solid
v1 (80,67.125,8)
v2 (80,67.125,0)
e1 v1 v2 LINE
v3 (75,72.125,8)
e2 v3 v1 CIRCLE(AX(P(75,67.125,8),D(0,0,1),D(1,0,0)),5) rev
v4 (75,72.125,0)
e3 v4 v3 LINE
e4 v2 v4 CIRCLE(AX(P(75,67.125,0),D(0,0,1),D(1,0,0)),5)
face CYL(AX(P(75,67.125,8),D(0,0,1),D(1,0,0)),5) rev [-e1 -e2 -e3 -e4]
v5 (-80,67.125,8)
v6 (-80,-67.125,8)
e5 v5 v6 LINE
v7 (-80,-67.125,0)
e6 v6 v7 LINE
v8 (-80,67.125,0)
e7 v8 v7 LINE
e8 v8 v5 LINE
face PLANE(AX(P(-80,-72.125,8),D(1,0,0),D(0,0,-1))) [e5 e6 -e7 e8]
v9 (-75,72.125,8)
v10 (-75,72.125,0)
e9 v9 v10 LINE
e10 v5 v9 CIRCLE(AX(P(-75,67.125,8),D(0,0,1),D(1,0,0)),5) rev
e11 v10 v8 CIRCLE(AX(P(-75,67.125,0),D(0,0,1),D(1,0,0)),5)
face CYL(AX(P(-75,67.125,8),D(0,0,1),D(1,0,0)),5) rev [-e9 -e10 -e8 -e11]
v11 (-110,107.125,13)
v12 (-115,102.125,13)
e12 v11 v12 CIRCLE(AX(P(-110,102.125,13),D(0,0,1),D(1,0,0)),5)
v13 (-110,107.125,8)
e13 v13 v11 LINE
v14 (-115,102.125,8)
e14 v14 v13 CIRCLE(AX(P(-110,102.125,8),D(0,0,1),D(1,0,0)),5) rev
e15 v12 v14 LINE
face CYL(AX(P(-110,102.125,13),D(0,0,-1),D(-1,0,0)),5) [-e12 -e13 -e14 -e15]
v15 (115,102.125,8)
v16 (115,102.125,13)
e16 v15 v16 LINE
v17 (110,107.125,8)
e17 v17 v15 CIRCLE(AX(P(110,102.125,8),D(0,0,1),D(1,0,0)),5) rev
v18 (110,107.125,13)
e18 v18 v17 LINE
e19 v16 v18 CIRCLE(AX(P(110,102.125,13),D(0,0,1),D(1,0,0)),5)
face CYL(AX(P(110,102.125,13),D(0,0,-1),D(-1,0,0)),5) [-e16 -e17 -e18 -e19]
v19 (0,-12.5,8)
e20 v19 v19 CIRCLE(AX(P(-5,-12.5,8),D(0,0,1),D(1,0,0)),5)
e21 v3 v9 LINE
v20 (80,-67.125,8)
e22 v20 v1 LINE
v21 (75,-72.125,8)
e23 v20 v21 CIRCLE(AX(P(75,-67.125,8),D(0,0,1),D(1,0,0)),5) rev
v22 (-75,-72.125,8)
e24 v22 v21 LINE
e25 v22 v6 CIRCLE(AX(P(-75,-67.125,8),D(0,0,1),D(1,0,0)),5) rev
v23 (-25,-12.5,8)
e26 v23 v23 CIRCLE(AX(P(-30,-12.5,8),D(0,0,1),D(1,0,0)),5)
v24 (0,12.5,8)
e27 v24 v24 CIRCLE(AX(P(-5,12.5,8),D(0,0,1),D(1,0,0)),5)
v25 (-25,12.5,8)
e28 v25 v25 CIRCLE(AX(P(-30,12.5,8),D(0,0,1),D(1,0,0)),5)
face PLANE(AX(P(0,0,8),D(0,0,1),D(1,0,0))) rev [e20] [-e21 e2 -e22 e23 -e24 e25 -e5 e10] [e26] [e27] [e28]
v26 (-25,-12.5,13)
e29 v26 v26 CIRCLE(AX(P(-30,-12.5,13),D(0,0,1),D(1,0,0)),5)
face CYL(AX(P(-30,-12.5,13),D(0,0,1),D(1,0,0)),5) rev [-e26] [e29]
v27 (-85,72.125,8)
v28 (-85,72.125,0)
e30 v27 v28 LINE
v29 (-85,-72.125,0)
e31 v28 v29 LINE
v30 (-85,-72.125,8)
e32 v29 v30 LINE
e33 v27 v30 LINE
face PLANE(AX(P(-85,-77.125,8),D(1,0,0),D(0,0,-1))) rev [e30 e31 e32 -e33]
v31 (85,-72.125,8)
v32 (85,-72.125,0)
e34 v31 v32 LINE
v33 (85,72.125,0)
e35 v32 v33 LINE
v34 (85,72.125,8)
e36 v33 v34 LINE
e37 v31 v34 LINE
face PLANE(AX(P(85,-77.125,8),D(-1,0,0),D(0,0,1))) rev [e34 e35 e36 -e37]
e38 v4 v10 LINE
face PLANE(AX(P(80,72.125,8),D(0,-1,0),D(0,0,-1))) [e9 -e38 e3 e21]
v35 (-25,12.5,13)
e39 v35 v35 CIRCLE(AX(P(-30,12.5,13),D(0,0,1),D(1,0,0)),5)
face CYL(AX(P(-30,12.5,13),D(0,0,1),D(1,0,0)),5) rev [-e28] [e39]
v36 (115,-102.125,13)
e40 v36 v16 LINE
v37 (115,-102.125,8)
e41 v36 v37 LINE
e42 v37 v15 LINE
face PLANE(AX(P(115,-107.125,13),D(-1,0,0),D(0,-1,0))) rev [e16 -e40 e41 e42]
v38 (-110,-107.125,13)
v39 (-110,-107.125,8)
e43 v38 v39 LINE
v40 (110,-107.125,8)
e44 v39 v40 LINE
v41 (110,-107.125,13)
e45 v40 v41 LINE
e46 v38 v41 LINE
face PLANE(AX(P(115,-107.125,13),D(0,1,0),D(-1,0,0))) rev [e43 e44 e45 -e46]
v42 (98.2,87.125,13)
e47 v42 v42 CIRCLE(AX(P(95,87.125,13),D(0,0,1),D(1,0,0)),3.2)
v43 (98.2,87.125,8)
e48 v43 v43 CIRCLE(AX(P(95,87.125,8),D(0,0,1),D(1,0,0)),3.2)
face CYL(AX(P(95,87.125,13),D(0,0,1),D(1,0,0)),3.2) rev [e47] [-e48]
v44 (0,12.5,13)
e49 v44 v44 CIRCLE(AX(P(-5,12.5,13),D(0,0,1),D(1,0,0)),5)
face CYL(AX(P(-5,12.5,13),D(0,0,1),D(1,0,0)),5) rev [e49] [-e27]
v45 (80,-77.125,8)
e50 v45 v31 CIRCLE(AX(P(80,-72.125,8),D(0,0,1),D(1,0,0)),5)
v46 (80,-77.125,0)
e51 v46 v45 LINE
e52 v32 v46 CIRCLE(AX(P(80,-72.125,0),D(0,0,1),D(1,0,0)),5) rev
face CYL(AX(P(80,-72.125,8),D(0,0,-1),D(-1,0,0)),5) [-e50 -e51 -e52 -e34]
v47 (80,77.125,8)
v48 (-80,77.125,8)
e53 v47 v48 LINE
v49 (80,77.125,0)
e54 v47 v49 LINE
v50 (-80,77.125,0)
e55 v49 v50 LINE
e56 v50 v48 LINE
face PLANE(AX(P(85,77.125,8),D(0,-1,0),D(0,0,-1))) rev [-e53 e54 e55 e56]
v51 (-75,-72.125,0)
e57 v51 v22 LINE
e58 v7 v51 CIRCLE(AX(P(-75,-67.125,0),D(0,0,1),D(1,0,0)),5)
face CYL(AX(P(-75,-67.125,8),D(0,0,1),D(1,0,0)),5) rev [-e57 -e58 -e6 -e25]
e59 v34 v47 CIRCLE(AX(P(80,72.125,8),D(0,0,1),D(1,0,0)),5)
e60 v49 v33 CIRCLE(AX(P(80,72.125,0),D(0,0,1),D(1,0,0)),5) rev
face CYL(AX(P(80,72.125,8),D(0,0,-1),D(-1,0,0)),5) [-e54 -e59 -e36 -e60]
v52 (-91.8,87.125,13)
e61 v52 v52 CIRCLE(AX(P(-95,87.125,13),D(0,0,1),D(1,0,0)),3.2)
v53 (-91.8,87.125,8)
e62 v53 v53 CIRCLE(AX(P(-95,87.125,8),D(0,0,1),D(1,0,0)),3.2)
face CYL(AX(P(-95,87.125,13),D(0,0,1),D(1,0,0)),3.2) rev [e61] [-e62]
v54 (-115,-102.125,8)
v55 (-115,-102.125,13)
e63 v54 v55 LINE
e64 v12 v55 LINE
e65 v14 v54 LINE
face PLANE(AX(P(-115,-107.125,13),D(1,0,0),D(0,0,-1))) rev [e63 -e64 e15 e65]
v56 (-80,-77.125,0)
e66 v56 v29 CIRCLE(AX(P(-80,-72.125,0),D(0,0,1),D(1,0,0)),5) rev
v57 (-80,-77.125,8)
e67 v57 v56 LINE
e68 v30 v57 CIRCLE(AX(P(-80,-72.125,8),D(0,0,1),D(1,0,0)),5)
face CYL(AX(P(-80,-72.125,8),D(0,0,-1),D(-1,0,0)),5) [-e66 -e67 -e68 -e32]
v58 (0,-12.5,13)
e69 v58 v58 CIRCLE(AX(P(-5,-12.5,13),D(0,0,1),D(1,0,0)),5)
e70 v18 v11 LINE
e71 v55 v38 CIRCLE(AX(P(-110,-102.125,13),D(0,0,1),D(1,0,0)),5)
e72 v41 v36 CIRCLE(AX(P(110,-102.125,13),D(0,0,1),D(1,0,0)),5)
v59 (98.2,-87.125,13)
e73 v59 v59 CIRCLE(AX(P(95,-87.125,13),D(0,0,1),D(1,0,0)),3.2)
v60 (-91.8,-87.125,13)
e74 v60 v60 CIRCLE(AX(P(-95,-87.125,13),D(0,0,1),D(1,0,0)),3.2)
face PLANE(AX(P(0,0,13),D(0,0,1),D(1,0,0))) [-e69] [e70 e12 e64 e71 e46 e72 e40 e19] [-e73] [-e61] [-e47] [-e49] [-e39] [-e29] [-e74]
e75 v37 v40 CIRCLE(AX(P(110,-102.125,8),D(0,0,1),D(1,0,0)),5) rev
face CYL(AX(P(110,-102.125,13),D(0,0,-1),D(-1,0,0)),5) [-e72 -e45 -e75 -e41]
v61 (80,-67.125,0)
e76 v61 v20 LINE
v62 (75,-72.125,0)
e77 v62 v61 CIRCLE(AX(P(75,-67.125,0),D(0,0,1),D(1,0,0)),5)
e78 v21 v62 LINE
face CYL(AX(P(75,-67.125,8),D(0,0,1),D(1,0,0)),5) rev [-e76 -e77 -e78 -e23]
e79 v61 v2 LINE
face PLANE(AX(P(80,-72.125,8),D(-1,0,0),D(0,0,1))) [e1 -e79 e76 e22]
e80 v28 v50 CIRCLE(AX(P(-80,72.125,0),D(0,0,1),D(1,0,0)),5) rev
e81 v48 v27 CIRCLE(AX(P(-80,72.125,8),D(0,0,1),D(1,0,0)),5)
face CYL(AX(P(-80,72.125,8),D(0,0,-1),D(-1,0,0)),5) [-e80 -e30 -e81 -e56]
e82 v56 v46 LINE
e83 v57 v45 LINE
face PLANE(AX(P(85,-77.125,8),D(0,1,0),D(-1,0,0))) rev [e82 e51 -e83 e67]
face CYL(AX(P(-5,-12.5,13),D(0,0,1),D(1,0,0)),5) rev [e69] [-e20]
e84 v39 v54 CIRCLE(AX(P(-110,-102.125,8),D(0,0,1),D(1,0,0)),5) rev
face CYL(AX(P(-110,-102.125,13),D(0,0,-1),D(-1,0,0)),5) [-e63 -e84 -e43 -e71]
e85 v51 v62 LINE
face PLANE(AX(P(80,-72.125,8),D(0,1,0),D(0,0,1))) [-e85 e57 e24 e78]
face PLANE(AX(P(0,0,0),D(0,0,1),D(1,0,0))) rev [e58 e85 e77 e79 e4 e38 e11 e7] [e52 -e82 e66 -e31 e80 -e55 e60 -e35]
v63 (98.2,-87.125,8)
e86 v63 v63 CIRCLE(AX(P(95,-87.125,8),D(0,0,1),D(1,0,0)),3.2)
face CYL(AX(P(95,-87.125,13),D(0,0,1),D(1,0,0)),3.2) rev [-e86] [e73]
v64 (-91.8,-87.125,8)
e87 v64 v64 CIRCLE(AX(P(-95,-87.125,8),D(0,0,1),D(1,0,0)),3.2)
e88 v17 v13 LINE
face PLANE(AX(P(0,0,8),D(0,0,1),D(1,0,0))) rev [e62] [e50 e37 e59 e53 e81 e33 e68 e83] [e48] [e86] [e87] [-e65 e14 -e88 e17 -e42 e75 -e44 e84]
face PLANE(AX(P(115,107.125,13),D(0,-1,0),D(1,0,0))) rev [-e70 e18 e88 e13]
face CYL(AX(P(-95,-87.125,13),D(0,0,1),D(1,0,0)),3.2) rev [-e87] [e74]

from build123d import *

# Parameters (mm, degrees)
SKETCH_1_W                  = 170
SKETCH_1_H                  = 154.25
SKETCH_1_W_2                = 160
SKETCH_1_H_2                = 144.25
EXTRUDE_1_DEPTH             = 8
FILLET_1_R                  = 5
SKETCH_2_W                  = 230
SKETCH_2_H                  = 214.25
EXTRUDE_2_DEPTH             = 5
FILLET_2_R                  = 5
HOLE_WIZARD_6_4_6_4_1_D     = 6.4
HOLE_WIZARD_6_4_6_4_1_DEPTH = 5
HOLE_WIZARD_10_0_10_1_D     = 10


with BuildPart() as part:
    # 草图1 → 凸台-拉伸1 (new body)
    with BuildSketch(Plane.XY):
        Rectangle(SKETCH_1_W, SKETCH_1_H)
        Rectangle(SKETCH_1_W_2, SKETCH_1_H_2, mode=Mode.SUBTRACT)
    extrude(amount=EXTRUDE_1_DEPTH)

    # 圆角1
    fillet_1_edges = [part.edges().sort_by_distance(p)[0] for p in [
        (-80, 72.125, 4),
        (-80, -72.125, 4),
        (80, -72.125, 4),
        (80, 72.125, 4),
        (-85, 77.125, 4),
        (85, 77.125, 4),
        (85, -77.125, 4),
        (-85, -77.125, 4),
    ]]
    fillet(fillet_1_edges, radius=FILLET_1_R)

    # 草图2 → 凸台-拉伸2 (add)
    with BuildSketch(Plane.XY.offset(8)):
        Rectangle(SKETCH_2_W, SKETCH_2_H)
    extrude(amount=EXTRUDE_2_DEPTH)

    # 圆角2
    fillet_2_edges = [part.edges().sort_by_distance(p)[0] for p in [
        (-115, 107.125, 10.5),
        (-115, -107.125, 10.5),
        (115, -107.125, 10.5),
        (115, 107.125, 10.5),
    ]]
    fillet(fillet_2_edges, radius=FILLET_2_R)

    # Ø6.4 (6.4) 直径孔1
    with Locations(Plane.XY.offset(13)):
        with Locations((-95, 87.125), (95, 87.125), (95, -87.125), (-95, -87.125)):
            Hole(HOLE_WIZARD_6_4_6_4_1_D / 2, depth=HOLE_WIZARD_6_4_6_4_1_DEPTH)

    # Ø10.0 (10) 直径孔1 (through all)
    with Locations(Plane.XY.offset(13)):
        with Locations((-30, 12.5), (-5, 12.5), (-5, -12.5), (-30, -12.5)):
            Hole(HOLE_WIZARD_10_0_10_1_D / 2)


solid = part.part
